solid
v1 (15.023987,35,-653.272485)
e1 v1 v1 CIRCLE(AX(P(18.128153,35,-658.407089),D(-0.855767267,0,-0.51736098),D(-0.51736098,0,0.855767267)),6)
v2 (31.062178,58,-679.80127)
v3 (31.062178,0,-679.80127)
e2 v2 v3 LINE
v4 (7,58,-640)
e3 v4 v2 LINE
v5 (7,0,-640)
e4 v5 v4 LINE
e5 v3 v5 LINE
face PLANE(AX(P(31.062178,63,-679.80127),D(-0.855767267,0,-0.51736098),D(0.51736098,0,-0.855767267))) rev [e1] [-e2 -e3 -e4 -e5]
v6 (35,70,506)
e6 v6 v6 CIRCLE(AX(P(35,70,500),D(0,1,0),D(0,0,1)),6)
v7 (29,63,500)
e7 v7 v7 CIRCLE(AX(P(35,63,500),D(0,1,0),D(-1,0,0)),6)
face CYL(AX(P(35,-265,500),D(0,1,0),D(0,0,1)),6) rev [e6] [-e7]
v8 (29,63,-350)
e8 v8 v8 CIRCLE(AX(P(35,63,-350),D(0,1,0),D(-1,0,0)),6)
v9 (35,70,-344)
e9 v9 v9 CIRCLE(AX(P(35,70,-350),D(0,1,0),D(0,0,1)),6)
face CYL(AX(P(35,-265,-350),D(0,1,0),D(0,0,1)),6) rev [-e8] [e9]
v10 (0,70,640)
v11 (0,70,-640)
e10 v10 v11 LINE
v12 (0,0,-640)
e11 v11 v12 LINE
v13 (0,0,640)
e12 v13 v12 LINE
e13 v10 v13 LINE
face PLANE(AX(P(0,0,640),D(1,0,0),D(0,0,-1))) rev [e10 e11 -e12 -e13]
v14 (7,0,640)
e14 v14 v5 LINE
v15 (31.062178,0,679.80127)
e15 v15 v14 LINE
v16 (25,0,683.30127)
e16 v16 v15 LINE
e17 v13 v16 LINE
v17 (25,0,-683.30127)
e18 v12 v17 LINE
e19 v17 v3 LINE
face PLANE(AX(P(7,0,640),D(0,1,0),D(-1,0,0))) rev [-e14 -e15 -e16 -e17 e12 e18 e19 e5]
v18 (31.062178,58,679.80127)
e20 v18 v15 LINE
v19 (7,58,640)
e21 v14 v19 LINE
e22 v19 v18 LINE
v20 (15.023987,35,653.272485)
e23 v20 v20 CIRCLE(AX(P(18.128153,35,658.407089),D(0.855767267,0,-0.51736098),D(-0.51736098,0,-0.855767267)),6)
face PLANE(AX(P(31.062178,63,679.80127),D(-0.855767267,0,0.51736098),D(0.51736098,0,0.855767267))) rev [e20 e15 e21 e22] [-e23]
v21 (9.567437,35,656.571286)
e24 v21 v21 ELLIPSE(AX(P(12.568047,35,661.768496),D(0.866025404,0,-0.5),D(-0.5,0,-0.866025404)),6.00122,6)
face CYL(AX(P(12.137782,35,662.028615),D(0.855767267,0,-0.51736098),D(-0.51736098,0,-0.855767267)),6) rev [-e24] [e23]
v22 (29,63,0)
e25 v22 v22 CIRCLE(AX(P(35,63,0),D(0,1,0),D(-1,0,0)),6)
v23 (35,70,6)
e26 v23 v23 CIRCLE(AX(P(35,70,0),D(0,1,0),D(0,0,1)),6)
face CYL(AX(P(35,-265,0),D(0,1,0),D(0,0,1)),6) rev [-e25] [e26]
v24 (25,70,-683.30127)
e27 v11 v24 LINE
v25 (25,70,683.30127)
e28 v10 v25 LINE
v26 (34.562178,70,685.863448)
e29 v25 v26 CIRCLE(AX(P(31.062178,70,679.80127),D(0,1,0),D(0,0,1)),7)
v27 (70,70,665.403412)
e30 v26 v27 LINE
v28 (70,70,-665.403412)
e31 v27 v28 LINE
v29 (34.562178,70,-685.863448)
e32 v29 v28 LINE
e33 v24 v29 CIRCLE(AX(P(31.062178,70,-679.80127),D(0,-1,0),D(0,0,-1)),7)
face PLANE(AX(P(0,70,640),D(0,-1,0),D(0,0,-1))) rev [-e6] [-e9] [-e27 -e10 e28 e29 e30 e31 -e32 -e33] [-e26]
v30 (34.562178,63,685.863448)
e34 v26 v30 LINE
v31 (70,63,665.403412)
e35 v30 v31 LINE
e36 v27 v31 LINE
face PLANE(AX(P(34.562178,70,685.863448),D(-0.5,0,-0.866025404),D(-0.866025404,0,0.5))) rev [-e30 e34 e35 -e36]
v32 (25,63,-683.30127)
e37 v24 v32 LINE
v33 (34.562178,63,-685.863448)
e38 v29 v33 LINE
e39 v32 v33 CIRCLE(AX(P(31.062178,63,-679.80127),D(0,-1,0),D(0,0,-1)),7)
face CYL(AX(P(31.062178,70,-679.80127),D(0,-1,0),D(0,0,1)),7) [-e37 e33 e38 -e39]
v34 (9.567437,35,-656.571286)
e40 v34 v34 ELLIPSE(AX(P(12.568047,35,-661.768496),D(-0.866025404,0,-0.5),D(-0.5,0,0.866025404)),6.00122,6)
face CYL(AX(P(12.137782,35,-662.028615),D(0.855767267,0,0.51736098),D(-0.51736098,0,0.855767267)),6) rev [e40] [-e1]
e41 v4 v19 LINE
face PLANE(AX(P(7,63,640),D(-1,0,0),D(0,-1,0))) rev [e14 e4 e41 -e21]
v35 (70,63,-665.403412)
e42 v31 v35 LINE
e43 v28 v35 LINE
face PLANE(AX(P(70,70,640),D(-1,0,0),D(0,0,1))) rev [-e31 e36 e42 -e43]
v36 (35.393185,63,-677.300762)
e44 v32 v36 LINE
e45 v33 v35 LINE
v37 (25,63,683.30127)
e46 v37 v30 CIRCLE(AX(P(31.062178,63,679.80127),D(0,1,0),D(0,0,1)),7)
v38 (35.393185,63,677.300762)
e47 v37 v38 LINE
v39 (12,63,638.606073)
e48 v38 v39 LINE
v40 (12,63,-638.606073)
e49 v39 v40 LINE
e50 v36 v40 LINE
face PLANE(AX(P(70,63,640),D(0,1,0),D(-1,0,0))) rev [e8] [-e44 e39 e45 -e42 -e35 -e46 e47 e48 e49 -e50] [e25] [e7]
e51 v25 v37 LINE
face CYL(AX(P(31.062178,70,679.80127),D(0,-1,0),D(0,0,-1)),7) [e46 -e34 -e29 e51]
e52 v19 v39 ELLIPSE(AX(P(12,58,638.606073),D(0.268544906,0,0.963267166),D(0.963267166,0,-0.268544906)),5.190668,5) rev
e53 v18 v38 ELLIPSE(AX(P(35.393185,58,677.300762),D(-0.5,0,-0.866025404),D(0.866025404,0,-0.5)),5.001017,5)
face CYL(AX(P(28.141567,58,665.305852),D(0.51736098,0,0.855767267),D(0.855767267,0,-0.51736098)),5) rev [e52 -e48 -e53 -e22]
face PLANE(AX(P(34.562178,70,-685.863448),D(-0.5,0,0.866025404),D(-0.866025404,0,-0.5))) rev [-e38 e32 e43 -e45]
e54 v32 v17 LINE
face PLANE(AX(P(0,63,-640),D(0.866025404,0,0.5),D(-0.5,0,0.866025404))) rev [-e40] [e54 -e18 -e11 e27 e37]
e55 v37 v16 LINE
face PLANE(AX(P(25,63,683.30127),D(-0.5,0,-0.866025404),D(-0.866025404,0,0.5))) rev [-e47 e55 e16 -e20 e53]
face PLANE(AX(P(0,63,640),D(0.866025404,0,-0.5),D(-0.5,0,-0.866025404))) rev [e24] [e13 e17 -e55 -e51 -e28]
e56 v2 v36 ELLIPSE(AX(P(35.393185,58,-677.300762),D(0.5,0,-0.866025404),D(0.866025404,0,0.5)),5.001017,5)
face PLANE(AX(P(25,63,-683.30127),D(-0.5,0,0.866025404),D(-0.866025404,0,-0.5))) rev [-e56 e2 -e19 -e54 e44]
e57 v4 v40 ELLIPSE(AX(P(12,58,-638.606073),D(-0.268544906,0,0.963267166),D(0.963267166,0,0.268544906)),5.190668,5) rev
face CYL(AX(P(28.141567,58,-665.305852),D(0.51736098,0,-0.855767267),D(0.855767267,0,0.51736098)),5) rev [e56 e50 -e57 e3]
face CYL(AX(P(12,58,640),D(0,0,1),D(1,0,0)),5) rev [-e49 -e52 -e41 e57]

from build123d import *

# Parameters (mm, degrees)
BOSS_EXTRUDE1_DEPTH = 640
BOSS_EXTRUDE2_DEPTH = 63
BOSS_EXTRUDE4_DEPTH = 7
SKETCH10_R          = 6
CUT_EXTRUDE3_DEPTH  = 7
FILLET5_R           = 5
SKETCH22_R          = 6
CUT_EXTRUDE4_DEPTH  = 335


with BuildPart() as part:
    # Sketch1 → Boss-Extrude1 (new body)
    with BuildSketch(Plane.XY):
        Polygon((0, 0), (0, 70), (70, 70), (70, 63), (7, 63), (7, 0), align=None)
    extrude(amount=BOSS_EXTRUDE1_DEPTH)

    # Sketch2 → Boss-Extrude2 (add)
    with BuildSketch(Plane(origin=(0, 0, 0), x_dir=(1, 0, 0), z_dir=(0, 1, 0))):
        Polygon((0, -640), (25, -683.301270189), (31.062177826, -679.801270189), (7, -640), align=None)
    extrude(amount=BOSS_EXTRUDE2_DEPTH)

    # Sketch9 → Boss-Extrude4 (add)
    with BuildSketch(Plane(origin=(0, 63, 0), x_dir=(1, 0, 0), z_dir=(0, 1, 0))):
        with BuildLine():
            Line((0, -640), (25, -683.301270189))
            ThreePointArc((25, -683.301270189), (29.250444511, -686.562750973), (34.562177826, -685.863448016))
            Line((34.562177826, -685.863448016), (70, -665.403411844))
            Line((70, -665.403411844), (70, -640))
            Line((70, -640), (0, -640))
        make_face()
    extrude(amount=BOSS_EXTRUDE4_DEPTH)

    # Sketch10 → Cut-Extrude3 (cut)
    with BuildSketch(Plane(origin=(-278.227615862, 0, 168.20474164), x_dir=(-0.5173609804017633, 0, -0.8557672674026079), z_dir=(0.8557672674026079, 0, -0.5173609804017633))):
        with Locations((-572.82203414, 35)):
            Circle(SKETCH10_R)
    extrude(amount=-CUT_EXTRUDE3_DEPTH, mode=Mode.SUBTRACT)

    # Fillet5
    fillet5_edges = [part.edges().sort_by_distance(p)[0] for p in [
        (7, 63, 320),
        (19.031088913, 63, 659.900635095),
    ]]
    fillet(fillet5_edges, radius=FILLET5_R)

    # Mirror6: part across plane


with BuildPart() as part_1:
    add(part.part)
    add(part.part.mirror(Plane.XY))

    # Sketch22 → Cut-Extrude4 (cut)
    with BuildSketch(Plane(origin=(0, 70, 0), x_dir=(1, 0, 0), z_dir=(0, 1, 0))):
        with Locations(Location((35, 0, 0), (0, 0, 270))):
            Circle(SKETCH22_R)
        with Locations(Location((35, 350, 0), (0, 0, 270))):
            Circle(SKETCH22_R)
        with Locations(Location((35, -500, 0), (0, 0, 270))):
            Circle(SKETCH22_R)
    extrude(amount=-CUT_EXTRUDE4_DEPTH, mode=Mode.SUBTRACT)


solid = part_1.part
